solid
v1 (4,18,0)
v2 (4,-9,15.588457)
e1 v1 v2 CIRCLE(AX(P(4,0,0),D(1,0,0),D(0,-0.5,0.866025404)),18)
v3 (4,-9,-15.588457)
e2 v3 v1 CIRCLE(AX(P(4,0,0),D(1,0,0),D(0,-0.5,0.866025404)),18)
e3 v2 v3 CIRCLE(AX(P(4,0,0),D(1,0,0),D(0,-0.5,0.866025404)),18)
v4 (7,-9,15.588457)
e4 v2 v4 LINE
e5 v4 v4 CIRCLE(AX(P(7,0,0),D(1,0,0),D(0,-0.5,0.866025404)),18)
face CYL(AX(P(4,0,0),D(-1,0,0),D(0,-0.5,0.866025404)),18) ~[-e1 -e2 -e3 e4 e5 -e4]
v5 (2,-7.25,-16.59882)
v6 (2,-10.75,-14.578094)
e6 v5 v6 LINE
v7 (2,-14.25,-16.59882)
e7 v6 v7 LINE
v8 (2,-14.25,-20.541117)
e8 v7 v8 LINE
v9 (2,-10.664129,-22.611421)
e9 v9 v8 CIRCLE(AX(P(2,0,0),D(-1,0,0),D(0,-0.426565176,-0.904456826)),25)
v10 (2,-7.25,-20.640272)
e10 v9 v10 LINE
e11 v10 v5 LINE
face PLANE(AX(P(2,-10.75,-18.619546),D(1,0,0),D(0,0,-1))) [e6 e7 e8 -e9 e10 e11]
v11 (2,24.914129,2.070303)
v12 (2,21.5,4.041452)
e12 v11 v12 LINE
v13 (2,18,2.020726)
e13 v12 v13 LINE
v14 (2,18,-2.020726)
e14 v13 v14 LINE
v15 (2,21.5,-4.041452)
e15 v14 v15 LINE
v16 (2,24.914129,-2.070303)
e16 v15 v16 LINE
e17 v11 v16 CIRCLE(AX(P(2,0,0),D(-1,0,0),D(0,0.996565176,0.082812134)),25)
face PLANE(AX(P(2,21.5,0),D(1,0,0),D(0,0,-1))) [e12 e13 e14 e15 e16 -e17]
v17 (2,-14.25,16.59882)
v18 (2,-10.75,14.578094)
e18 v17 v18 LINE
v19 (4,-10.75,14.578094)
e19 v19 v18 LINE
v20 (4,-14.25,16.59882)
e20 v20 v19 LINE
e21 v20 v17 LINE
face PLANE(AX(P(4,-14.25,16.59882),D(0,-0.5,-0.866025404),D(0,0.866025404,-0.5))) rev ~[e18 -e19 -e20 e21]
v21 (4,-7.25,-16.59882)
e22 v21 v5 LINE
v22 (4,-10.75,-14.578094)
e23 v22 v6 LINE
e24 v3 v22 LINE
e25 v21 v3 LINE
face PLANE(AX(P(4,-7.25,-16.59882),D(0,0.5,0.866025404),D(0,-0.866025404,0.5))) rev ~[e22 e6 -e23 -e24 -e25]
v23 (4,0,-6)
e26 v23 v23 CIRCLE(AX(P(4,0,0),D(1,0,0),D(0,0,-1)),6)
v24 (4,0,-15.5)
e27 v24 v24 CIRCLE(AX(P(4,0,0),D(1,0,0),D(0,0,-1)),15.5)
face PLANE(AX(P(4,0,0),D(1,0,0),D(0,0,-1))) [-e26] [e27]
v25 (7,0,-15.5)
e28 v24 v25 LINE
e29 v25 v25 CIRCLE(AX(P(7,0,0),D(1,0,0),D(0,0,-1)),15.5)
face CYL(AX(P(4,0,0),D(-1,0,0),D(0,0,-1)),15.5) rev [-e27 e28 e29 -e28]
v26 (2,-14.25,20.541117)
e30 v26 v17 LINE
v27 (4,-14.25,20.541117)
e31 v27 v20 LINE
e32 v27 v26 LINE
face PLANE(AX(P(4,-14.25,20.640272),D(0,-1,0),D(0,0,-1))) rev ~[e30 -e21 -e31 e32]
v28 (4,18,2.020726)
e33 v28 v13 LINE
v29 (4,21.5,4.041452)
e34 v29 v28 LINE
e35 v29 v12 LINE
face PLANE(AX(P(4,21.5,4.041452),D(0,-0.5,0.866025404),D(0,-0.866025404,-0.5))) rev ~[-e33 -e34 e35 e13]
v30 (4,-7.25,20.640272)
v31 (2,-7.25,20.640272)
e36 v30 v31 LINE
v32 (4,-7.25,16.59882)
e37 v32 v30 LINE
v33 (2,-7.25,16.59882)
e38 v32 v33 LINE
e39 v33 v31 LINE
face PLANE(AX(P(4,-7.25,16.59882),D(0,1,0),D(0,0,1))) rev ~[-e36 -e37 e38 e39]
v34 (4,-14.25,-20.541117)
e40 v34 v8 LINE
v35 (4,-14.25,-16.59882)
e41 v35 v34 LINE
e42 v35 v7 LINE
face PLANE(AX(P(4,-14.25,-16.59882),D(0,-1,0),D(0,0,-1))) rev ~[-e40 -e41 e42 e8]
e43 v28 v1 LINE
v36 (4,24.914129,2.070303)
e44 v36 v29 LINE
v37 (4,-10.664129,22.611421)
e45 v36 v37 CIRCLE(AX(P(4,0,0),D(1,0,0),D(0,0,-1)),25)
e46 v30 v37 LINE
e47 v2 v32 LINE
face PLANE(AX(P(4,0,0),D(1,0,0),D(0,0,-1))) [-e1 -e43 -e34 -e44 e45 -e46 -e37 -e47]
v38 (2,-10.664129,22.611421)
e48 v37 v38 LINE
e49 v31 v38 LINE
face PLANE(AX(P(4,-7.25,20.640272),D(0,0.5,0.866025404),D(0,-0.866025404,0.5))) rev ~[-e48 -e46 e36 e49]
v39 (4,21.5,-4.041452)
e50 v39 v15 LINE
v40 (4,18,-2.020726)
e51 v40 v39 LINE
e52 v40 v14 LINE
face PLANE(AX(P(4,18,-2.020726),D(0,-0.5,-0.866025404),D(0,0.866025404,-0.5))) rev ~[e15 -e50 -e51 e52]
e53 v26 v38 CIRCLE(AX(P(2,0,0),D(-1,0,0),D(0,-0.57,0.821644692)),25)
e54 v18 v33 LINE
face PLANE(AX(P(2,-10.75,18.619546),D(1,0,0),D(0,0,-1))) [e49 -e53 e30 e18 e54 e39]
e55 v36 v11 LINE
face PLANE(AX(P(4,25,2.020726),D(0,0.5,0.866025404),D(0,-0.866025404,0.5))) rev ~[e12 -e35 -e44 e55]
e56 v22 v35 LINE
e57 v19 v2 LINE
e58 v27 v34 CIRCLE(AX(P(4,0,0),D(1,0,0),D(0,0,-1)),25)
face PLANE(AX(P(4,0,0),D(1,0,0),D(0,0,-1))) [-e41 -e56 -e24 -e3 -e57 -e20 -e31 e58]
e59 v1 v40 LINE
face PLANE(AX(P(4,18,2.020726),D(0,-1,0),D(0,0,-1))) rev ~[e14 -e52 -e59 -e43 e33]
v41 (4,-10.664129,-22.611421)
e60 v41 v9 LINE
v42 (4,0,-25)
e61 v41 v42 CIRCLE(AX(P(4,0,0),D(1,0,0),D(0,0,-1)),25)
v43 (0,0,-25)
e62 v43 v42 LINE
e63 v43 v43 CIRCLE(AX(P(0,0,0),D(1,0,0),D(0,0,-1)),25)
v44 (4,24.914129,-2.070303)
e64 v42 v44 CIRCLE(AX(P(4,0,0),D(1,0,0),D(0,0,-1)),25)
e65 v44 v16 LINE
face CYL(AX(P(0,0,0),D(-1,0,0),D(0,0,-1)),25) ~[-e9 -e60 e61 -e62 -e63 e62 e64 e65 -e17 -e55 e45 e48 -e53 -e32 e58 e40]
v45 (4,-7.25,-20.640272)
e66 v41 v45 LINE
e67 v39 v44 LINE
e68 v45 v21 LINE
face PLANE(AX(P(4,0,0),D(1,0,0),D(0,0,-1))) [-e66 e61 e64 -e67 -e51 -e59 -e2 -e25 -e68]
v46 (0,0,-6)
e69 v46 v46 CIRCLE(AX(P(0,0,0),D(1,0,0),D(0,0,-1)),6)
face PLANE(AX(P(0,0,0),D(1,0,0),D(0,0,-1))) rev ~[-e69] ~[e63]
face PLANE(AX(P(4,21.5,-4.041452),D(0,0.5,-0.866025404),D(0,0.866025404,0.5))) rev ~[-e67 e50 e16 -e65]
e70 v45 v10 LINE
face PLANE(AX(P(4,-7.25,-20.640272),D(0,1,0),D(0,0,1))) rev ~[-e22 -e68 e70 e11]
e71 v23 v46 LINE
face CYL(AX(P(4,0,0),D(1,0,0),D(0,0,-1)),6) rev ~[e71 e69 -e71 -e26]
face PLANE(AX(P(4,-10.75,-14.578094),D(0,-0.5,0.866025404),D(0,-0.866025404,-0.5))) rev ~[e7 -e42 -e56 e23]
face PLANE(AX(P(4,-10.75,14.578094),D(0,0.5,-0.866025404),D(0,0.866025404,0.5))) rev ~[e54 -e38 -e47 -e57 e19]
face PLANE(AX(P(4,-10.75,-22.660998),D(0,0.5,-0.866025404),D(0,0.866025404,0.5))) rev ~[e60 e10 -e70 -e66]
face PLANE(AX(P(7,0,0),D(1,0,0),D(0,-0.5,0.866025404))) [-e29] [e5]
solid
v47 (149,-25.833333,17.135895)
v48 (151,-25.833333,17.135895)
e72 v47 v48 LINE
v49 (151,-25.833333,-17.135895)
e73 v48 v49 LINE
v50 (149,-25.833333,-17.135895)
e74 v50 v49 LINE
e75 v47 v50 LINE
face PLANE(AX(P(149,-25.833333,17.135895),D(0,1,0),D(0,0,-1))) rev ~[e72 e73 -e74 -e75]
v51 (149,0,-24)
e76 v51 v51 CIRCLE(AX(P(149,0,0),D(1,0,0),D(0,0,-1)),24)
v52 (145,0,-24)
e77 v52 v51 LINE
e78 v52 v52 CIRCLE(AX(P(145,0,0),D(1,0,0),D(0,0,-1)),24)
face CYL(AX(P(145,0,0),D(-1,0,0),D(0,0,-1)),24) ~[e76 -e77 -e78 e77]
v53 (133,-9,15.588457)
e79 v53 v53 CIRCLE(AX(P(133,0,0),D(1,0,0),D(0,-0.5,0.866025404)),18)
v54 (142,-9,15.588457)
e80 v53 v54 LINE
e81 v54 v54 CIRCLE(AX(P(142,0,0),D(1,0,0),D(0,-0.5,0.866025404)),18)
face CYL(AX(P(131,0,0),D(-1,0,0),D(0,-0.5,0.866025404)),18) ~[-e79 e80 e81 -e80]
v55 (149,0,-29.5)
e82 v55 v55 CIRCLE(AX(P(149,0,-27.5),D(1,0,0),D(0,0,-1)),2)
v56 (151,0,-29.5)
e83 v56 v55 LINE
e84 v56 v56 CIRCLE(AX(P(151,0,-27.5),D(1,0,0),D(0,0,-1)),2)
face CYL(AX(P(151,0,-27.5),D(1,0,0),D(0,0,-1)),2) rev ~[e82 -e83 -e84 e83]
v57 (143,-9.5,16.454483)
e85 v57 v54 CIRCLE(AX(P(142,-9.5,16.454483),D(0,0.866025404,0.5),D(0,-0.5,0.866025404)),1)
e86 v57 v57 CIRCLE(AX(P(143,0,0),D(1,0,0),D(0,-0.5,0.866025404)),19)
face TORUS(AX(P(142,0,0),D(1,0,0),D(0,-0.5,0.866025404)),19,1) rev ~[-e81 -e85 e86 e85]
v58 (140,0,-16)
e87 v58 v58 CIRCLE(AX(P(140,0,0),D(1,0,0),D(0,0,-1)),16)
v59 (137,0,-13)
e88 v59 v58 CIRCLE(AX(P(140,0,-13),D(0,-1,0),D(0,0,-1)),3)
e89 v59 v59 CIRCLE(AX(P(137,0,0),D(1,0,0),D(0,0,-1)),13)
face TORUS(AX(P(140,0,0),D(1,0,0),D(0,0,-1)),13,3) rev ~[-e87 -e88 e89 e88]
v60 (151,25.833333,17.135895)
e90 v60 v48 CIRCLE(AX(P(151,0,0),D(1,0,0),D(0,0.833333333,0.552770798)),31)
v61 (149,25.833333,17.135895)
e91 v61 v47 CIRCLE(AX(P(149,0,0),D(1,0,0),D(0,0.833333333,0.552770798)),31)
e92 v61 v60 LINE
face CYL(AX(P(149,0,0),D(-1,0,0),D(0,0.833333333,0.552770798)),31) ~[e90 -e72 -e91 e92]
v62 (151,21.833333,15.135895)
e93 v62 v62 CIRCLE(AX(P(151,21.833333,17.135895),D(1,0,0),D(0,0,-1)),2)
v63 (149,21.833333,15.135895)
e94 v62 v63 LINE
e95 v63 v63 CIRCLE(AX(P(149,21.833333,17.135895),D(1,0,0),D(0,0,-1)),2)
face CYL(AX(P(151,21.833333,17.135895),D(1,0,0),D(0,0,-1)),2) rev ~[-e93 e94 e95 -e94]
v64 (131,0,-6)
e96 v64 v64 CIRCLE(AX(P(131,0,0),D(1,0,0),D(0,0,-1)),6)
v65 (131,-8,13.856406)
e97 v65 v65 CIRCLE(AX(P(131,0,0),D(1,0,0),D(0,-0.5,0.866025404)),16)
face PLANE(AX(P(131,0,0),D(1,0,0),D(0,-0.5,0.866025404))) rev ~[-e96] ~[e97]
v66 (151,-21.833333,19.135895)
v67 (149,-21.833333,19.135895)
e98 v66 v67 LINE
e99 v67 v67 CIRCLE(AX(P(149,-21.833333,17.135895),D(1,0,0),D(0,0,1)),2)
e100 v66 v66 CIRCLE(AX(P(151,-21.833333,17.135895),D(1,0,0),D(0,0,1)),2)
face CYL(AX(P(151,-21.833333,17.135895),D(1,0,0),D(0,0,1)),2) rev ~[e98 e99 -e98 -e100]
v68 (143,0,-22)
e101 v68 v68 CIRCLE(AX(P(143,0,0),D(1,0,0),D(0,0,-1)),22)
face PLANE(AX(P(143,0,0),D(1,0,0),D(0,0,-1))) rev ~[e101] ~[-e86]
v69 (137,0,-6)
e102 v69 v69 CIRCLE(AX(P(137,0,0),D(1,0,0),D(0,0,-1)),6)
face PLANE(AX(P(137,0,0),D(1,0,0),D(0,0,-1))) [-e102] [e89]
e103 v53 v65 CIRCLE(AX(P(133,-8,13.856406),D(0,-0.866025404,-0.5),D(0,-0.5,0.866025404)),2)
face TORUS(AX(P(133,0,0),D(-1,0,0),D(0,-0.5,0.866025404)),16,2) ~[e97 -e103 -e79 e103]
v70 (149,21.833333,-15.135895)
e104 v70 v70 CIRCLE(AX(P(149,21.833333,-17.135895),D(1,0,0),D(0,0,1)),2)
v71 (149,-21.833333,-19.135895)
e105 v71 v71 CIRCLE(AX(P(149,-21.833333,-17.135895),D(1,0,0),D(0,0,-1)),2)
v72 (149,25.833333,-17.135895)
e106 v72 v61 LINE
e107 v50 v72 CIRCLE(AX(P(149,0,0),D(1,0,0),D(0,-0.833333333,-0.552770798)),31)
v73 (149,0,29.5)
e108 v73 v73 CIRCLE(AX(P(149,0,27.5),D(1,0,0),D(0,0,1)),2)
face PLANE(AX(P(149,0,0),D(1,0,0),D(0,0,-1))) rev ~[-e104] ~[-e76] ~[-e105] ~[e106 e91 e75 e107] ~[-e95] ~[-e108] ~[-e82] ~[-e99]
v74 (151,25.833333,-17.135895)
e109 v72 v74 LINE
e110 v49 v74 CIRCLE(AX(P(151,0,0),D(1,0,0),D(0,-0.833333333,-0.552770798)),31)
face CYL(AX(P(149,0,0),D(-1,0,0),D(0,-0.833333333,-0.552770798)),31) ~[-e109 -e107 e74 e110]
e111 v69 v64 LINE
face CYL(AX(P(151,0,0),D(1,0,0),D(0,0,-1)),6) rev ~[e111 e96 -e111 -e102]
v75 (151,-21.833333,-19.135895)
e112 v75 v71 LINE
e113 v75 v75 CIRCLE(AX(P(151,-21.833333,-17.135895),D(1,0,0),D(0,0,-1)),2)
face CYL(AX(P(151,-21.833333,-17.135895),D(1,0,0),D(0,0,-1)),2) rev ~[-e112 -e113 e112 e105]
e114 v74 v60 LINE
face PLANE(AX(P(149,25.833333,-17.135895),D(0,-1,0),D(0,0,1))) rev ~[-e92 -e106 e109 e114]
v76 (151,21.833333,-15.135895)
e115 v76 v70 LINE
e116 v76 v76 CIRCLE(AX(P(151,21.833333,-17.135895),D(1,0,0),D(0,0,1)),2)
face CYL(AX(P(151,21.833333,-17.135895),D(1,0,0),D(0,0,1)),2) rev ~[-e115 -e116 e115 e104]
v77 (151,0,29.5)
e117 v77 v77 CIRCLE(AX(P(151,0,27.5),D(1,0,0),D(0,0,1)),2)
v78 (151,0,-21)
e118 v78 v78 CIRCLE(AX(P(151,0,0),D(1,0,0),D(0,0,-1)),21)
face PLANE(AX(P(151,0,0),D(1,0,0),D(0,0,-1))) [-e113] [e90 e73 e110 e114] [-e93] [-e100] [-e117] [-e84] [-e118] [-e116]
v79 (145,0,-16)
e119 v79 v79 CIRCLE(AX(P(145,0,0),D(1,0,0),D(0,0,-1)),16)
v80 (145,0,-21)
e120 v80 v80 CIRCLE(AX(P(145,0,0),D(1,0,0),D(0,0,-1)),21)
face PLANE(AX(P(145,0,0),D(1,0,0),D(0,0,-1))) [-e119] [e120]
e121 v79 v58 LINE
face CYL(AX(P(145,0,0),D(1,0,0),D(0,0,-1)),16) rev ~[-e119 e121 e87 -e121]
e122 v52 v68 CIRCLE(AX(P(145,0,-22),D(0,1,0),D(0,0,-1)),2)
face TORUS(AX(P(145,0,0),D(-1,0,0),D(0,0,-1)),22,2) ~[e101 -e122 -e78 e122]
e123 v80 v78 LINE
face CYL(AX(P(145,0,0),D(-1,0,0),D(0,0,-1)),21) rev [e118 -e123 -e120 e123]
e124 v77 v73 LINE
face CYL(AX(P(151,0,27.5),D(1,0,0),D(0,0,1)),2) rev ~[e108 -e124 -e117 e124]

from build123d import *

# Parameters (mm, degrees)
SKETCH1_R            = 25
BOSS_EXTRUDE1_DEPTH  = 4
CUT_EXTRUDE2_DEPTH   = 2
SKETCH3_R            = 18
SKETCH3_R_2          = 15.5
BOSS_EXTRUDE2_DEPTH  = 3
SKETCH4_R            = 6
BOSS_EXTRUDE3_DEPTH  = 127
SKETCH5_R            = 18
BOSS_EXTRUDE4_DEPTH  = 12
SKETCH6_R            = 24
BOSS_EXTRUDE5_DEPTH  = 6
BOSS_EXTRUDE6_DEPTH  = 2
SKETCH9_R            = 2
CUT_EXTRUDE3_DEPTH   = 2
FILLET1_R            = 2
FILLET2_R            = 1
BOSS_EXTRUDE7_START  = 5
SKETCH10_R           = 20
BOSS_EXTRUDE7_DEPTH  = 5
BOSS_EXTRUDE8_START  = -10
SKETCH11_R           = 20
BOSS_EXTRUDE8_DEPTH  = 5
SKETCH12_R           = 17.5
BOSS_EXTRUDE9_DEPTH  = 5
CUT_EXTRUDE4_DEPTH   = 7.5
SKETCH15_W           = 65.522382653
SKETCH15_H           = 43.295416759
CUT_EXTRUDE5_DEPTH   = 32.5
SKETCH13_R           = 6
CUT_EXTRUDE6_DEPTH   = 35
SKETCH17_R           = 6
CUT_EXTRUDE8_DEPTH   = 3
SKETCH18_R           = 6
CUT_EXTRUDE9_DEPTH   = 13
SKETCH19_R           = 24
CUT_EXTRUDE10_DEPTH  = 6
SKETCH20_R           = 16
CUT_EXTRUDE11_DEPTH  = 8
FILLET3_R            = 3
SKETCH21_R           = 24
SKETCH21_R_2         = 21
BOSS_EXTRUDE10_DEPTH = 6


with BuildPart() as part:
    # Sketch1 → Boss-Extrude1 (new body)
    with BuildSketch(Plane(origin=(0, 0, 0), x_dir=(0, 0, -1), z_dir=(1, 0, 0))):
        Circle(SKETCH1_R)
    extrude(amount=BOSS_EXTRUDE1_DEPTH)

    # Sketch2 → Cut-Extrude2 (cut)
    with BuildSketch(Plane(origin=(4, 0, 0), x_dir=(0, 0, -1), z_dir=(1, 0, 0))):
        Polygon((14.578094297, -10.75), (16.598820239, -14.25), (20.640272124, -14.25), (22.660998066, -10.75), (20.640272124, -7.25), (16.598820239, -7.25), align=None)
        Polygon((2.020725942, 18), (4.041451884, 21.5), (2.020725942, 25), (-2.020725942, 25), (-4.041451884, 21.5), (-2.020725942, 18), align=None)
        Polygon((-16.598820239, -7.25), (-20.640272124, -7.25), (-22.660998066, -10.75), (-20.640272124, -14.25), (-16.598820239, -14.25), (-14.578094297, -10.75), align=None)
    extrude(amount=-CUT_EXTRUDE2_DEPTH, mode=Mode.SUBTRACT)

    # Sketch3 → Boss-Extrude2 (add)
    with BuildSketch(Plane(origin=(4, 0, 0), x_dir=(0, 0, -1), z_dir=(1, 0, 0))):
        with Locations(Location((0, 0, 0), (0, 0, 210))):
            Circle(SKETCH3_R)
        Circle(SKETCH3_R_2, mode=Mode.SUBTRACT)
    extrude(amount=BOSS_EXTRUDE2_DEPTH)

    # Sketch4 → Boss-Extrude3 (add)
    with BuildSketch(Plane(origin=(4, 0, 0), x_dir=(0, 0, -1), z_dir=(1, 0, 0))):
        Circle(SKETCH4_R)
    extrude(amount=BOSS_EXTRUDE3_DEPTH)

    # Sketch5 → Boss-Extrude4 (add)
    with BuildSketch(Plane(origin=(131, 0, 0), x_dir=(0, 0, -1), z_dir=(1, 0, 0))):
        with Locations(Location((0, 0, 0), (0, 0, 210))):
            Circle(SKETCH5_R)
    extrude(amount=BOSS_EXTRUDE4_DEPTH)

    # Sketch6 → Boss-Extrude5 (add)
    with BuildSketch(Plane(origin=(143, 0, 0), x_dir=(0, 0, -1), z_dir=(1, 0, 0))):
        Circle(SKETCH6_R)
    extrude(amount=BOSS_EXTRUDE5_DEPTH)

    # Sketch7 → Boss-Extrude6 (add)
    with BuildSketch(Plane(origin=(149, 0, 0), x_dir=(0, 0, -1), z_dir=(1, 0, 0))):
        with BuildLine():
            Line((17.13589475, 25.833333333), (-17.13589475, 25.833333333))
            ThreePointArc((-17.13589475, 25.833333333), (-31, 0), (-17.13589475, -25.833333333))
            Line((-17.13589475, -25.833333333), (17.13589475, -25.833333333))
            ThreePointArc((17.13589475, -25.833333333), (31, 0), (17.13589475, 25.833333333))
        make_face()
    extrude(amount=BOSS_EXTRUDE6_DEPTH)

    # Sketch9 → Cut-Extrude3 (cut)
    with BuildSketch(Plane(origin=(151, 0, 0), x_dir=(0, 0, -1), z_dir=(1, 0, 0))):
        with Locations((27.5, 0)):
            Circle(SKETCH9_R)
        with Locations(Location((-27.5, 0, 0), (0, 0, 180))):
            Circle(SKETCH9_R)
        with Locations((-17.13589475, 21.833333333)):
            Circle(SKETCH9_R)
        with Locations(Location((17.13589475, 21.833333333, 0), (0, 0, 180))):
            Circle(SKETCH9_R)
        with Locations((17.13589475, -21.833333333)):
            Circle(SKETCH9_R)
        with Locations(Location((-17.13589475, -21.833333333, 0), (0, 0, 180))):
            Circle(SKETCH9_R)
    extrude(amount=-CUT_EXTRUDE3_DEPTH, mode=Mode.SUBTRACT)

    # Fillet1
    fillet1_edges = [part.edges().sort_by_distance(p)[0] for p in [
        (131, 9, -15.588457268),
        (143, 0, 24),
    ]]
    fillet(fillet1_edges, radius=FILLET1_R)

    # Fillet2
    fillet2_edges = [part.edges().sort_by_distance(p)[0] for p in [
        (143, 9, -15.588457268),
    ]]
    fillet(fillet2_edges, radius=FILLET2_R)

    # Sketch10 → Boss-Extrude7 (add)
    with BuildSketch(Plane(origin=(75.5, 0, 0), x_dir=(0, 0, -1), z_dir=(1, 0, 0)).offset(BOSS_EXTRUDE7_START)):
        Circle(SKETCH10_R)
    extrude(amount=BOSS_EXTRUDE7_DEPTH)

    # Sketch11 → Boss-Extrude8 (add)
    with BuildSketch(Plane(origin=(75.5, 0, 0), x_dir=(0, 0, -1), z_dir=(1, 0, 0)).offset(BOSS_EXTRUDE8_START)):
        Circle(SKETCH11_R)
    extrude(amount=BOSS_EXTRUDE8_DEPTH)

    # Sketch12 → Boss-Extrude9 (add, symmetric)
    with BuildSketch(Plane(origin=(75.5, 0, 0), x_dir=(0, 0, -1), z_dir=(1, 0, 0))):
        Circle(SKETCH12_R)
    extrude(amount=BOSS_EXTRUDE9_DEPTH, both=True)

    # Sketch14 → Cut-Extrude4 (cut, symmetric)
    with BuildSketch(Plane.XY):
        Polygon((7, 0), (7, 6), (65.5, 6), (65.5, -6), (7, -6), align=None)
    extrude(amount=CUT_EXTRUDE4_DEPTH, both=True, mode=Mode.SUBTRACT)


with BuildPart() as cut_extrude4_piece_1:
    # of the separate pieces the step leaves, piece 1, a body of its own (cut_extrude4_pieces)
    add(part.part.solids().sort_by_distance((143, -9.5, 16.454482672))[0])

    # Sketch15 → Cut-Extrude5 (cut, symmetric)
    with BuildSketch(Plane.XY):
        with Locations((98.238808674, -1.186801276)):
            Rectangle(SKETCH15_W, SKETCH15_H)
    extrude(amount=CUT_EXTRUDE5_DEPTH, both=True, mode=Mode.SUBTRACT)

    # Sketch13 → Cut-Extrude6 (cut)
    with BuildSketch(Plane(origin=(151, 0, 0), x_dir=(0, 0, -1), z_dir=(1, 0, 0))):
        Circle(SKETCH13_R)
    extrude(amount=-CUT_EXTRUDE6_DEPTH, mode=Mode.SUBTRACT)

    # Sketch19 → Cut-Extrude10 (cut)
    with BuildSketch(Plane(origin=(151, 0, 0), x_dir=(0, 0, -1), z_dir=(1, 0, 0))):
        Circle(SKETCH19_R)
    extrude(amount=-CUT_EXTRUDE10_DEPTH, mode=Mode.SUBTRACT)


with BuildPart() as cut_extrude4_piece_2:
    # of the separate pieces the step leaves, piece 2, a body of its own (cut_extrude4_pieces)
    add(part.part.solids().sort_by_distance((4, 0, -6))[0])

    # Sketch17 → Cut-Extrude8 (cut)
    with BuildSketch(Plane(origin=(7, 0, 0), x_dir=(0, 0, -1), z_dir=(1, 0, 0))):
        Circle(SKETCH17_R)
    extrude(amount=-CUT_EXTRUDE8_DEPTH, mode=Mode.SUBTRACT)

    # Sketch18 → Cut-Extrude9 (cut)
    with BuildSketch(Plane(origin=(4, 0, 0), x_dir=(0, 0, -1), z_dir=(1, 0, 0))):
        Circle(SKETCH18_R)
    extrude(amount=-CUT_EXTRUDE9_DEPTH, mode=Mode.SUBTRACT)


with BuildPart() as cut_extrude10_piece_1:
    # of the separate pieces the step leaves, piece 1, a body of its own (cut_extrude10_pieces)
    add(cut_extrude4_piece_1.part.solids().sort_by_distance((143, -9.5, 16.454482672))[0])

    # Sketch20 → Cut-Extrude11 (cut)
    with BuildSketch(Plane(origin=(145, 0, 0), x_dir=(0, 0, -1), z_dir=(1, 0, 0))):
        Circle(SKETCH20_R)
    extrude(amount=-CUT_EXTRUDE11_DEPTH, mode=Mode.SUBTRACT)

    # Fillet3
    fillet3_edges = [cut_extrude10_piece_1.edges().sort_by_distance(p)[0] for p in [
        (137, 0, 16),
    ]]
    fillet(fillet3_edges, radius=FILLET3_R)



with BuildPart() as cut_extrude10_piece_2:
    # of the separate pieces the step leaves, piece 2, a body of its own (cut_extrude10_pieces)
    add(cut_extrude4_piece_1.part.solids().sort_by_distance((149, 25.833333333, -17.13589475))[0])


with BuildPart() as cut_extrude10_piece_1_1:
    add(cut_extrude10_piece_1.part)

    add(cut_extrude10_piece_2.part)  # Boss-Extrude10 merges Cut-Extrude10 piece 2
    # Sketch21 → Boss-Extrude10 (add)
    with BuildSketch(Plane(origin=(145, 0, 0), x_dir=(0, 0, -1), z_dir=(1, 0, 0))):
        Circle(SKETCH21_R)
        Circle(SKETCH21_R_2, mode=Mode.SUBTRACT)
    extrude(amount=BOSS_EXTRUDE10_DEPTH)


solid = Compound([cut_extrude4_piece_2.part, cut_extrude10_piece_1_1.part])
